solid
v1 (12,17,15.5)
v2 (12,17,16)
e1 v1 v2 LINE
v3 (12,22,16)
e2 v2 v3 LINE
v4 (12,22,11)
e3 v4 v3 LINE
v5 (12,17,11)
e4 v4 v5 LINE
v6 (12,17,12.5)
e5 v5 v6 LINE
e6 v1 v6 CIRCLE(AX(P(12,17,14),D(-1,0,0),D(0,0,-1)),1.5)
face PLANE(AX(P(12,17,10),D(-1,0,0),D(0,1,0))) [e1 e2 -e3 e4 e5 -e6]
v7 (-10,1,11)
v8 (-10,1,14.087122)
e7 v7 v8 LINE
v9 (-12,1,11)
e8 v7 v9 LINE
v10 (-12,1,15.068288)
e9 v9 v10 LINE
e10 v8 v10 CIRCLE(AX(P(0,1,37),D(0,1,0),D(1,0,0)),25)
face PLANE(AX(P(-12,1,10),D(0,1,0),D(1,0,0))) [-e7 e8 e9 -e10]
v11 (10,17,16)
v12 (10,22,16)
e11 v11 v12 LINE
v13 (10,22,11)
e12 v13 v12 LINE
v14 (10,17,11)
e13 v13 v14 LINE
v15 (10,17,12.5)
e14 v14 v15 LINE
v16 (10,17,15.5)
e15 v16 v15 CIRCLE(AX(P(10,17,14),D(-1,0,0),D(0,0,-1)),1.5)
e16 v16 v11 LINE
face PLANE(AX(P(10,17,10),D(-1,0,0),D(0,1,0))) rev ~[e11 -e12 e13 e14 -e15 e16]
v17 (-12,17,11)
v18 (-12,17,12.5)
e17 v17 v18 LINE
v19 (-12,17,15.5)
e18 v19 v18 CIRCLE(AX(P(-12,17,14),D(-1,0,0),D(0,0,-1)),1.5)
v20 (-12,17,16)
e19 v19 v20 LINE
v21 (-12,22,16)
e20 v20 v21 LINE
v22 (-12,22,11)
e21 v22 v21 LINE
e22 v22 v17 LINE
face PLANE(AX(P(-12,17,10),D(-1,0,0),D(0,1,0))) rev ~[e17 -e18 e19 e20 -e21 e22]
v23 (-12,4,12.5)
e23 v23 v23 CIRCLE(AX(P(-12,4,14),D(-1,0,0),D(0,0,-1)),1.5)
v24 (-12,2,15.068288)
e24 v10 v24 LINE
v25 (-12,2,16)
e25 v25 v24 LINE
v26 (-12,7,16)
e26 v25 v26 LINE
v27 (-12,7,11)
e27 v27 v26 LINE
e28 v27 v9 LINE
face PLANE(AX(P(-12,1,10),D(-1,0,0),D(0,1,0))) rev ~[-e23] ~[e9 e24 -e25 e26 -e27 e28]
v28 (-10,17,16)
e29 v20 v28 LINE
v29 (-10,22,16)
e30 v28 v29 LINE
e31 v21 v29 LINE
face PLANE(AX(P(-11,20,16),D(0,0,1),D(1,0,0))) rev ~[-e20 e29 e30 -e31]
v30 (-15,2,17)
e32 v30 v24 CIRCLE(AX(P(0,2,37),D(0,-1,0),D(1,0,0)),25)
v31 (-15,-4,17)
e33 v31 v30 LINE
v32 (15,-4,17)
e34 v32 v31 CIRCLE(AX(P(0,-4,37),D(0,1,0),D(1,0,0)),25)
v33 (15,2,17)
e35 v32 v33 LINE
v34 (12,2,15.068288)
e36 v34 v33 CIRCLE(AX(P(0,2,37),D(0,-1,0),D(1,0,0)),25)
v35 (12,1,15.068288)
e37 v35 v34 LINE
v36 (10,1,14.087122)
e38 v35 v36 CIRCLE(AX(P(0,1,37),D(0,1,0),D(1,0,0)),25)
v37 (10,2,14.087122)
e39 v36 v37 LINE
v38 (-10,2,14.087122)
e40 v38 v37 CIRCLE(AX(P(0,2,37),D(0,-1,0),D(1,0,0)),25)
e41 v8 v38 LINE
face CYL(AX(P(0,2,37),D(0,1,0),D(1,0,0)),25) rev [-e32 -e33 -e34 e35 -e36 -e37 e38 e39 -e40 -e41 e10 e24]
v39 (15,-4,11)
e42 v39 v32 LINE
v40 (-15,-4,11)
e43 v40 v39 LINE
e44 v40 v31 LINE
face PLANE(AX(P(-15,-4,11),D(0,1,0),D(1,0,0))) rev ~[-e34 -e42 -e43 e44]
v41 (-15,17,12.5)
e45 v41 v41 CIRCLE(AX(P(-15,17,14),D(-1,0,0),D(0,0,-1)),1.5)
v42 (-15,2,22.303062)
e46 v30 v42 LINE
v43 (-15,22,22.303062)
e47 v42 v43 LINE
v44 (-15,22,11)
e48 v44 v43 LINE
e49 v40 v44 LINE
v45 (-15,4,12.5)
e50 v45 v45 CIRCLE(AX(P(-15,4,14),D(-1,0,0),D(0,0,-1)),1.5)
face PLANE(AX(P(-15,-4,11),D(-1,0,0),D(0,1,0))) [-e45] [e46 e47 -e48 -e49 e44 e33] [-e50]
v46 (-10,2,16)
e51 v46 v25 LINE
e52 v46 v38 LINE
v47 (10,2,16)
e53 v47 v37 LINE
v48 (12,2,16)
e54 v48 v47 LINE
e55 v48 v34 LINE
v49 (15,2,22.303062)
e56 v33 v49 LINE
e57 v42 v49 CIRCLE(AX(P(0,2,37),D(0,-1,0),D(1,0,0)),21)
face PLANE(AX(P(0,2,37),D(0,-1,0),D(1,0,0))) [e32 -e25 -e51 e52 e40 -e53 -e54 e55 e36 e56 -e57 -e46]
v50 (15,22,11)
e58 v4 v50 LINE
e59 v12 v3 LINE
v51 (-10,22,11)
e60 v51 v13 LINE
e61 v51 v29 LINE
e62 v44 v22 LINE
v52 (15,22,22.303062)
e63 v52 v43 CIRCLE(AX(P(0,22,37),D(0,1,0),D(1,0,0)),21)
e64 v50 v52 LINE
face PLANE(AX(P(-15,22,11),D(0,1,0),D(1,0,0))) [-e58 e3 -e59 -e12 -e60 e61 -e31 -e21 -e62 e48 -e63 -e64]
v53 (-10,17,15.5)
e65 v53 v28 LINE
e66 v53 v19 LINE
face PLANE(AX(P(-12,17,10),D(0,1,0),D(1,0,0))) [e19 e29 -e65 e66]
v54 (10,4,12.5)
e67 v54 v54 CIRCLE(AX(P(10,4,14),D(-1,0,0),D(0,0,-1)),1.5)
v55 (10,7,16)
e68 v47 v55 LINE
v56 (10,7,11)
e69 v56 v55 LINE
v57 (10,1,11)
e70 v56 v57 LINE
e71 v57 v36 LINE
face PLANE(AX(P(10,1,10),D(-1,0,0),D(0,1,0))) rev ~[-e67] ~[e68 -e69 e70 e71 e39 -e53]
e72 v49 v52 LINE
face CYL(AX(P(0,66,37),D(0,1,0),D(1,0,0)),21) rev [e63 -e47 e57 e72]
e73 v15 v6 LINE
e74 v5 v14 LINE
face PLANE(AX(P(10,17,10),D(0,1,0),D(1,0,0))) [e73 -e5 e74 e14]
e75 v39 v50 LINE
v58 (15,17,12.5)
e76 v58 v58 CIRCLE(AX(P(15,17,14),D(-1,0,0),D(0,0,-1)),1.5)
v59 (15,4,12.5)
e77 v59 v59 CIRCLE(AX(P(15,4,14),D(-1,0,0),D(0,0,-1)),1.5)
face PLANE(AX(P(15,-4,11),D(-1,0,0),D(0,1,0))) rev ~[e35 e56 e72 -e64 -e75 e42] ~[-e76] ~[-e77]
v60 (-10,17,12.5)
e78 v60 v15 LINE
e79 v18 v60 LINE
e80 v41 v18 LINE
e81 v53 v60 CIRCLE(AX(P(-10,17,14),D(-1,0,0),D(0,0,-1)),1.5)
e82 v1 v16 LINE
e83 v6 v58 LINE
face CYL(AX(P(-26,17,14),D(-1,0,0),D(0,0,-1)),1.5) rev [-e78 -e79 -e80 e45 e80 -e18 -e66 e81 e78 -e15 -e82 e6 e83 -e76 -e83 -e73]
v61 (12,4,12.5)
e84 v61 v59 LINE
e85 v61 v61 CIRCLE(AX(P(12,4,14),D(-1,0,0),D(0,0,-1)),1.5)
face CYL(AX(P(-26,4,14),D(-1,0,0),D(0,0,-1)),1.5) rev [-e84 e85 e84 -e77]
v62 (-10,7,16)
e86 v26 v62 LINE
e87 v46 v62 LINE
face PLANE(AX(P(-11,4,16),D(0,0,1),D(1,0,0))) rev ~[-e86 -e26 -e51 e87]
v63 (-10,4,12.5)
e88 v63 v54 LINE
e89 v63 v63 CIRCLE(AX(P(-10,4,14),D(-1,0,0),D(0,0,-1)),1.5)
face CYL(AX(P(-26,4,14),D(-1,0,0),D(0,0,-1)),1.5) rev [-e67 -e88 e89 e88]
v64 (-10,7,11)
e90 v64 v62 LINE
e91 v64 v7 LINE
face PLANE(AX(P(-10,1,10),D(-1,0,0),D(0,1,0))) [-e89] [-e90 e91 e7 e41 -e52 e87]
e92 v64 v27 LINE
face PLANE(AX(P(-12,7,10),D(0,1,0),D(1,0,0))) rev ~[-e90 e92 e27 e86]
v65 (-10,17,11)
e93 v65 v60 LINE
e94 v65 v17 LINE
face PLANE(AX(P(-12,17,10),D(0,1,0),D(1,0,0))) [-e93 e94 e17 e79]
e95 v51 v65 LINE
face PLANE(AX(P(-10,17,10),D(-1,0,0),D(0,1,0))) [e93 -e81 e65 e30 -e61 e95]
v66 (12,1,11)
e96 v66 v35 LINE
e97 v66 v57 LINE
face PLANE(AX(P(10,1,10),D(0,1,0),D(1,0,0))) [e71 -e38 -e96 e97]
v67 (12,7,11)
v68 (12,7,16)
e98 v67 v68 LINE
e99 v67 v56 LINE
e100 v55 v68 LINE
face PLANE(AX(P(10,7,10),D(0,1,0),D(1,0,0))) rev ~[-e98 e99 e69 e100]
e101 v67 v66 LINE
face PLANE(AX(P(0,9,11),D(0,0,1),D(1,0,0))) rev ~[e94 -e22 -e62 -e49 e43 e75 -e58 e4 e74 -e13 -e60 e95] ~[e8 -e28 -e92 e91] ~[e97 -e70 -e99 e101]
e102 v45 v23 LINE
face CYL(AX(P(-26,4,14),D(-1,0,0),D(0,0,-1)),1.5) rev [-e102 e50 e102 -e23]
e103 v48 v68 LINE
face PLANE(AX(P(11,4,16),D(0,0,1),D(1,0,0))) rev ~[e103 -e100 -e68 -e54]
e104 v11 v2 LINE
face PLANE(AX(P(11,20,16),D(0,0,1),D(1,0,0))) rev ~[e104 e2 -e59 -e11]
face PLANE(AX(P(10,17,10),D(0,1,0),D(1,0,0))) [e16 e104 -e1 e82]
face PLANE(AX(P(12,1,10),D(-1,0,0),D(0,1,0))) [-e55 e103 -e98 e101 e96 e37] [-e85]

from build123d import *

# Parameters (mm, degrees)
CYLINDER2797_R     = 1.5
CYLINDER2797_DEPTH = 64
CYLINDER2798_R     = 1.5
CYLINDER2798_DEPTH = 64
CYLINDER2796_R     = 38
CYLINDER2796_DEPTH = 30
BOX999_W           = 2
BOX999_H           = 6
BOX999_DEPTH       = 6
BOX992_W           = 2
BOX992_H           = 6
BOX992_DEPTH       = 6
BOX993_W           = 2
BOX993_H           = 6
BOX993_DEPTH       = 6
BOX994_W           = 2
BOX994_H           = 6
BOX994_DEPTH       = 6
BOX995_W           = 2
BOX995_H           = 6
BOX995_DEPTH       = 6
BOX997_W           = 2
BOX997_H           = 6
BOX997_DEPTH       = 6
TUBE142_R          = 21
TUBE142_R_2        = 2
TUBE142_DEPTH      = 64
TUBE141_R          = 25
TUBE141_R_2        = 2
TUBE141_DEPTH      = 26
BOX996_W           = 30
BOX996_H           = 64
BOX996_DEPTH       = 18
BOX998_W           = 30
BOX998_H           = 26
BOX998_DEPTH       = 18


with BuildPart() as v_lec2767:
    # Cylinder2797 → Cylinder2797 (new body)
    with BuildSketch(Plane(origin=(-26, 12, 14), x_dir=(0, 0, -1), z_dir=(1, 0, 0))):
        Circle(CYLINDER2797_R)
    extrude(amount=CYLINDER2797_DEPTH)


with BuildPart() as compound1247:
    # Cylinder2798 → Cylinder2798 (new body)
    with BuildSketch(Plane(origin=(-26, -1, 14), x_dir=(0, 0, -1), z_dir=(1, 0, 0))):
        Circle(CYLINDER2798_R)
    extrude(amount=CYLINDER2798_DEPTH)

    # Compound1247: union Válec2767
    add(v_lec2767.part)


with BuildPart() as v_lec2766:
    # Cylinder2796 → Cylinder2796 (new body)
    with BuildSketch(Plane.XY):
        Circle(CYLINDER2796_R)
    extrude(amount=CYLINDER2796_DEPTH)


with BuildPart() as krychle998:
    # Box999 → Box999 (new body)
    with BuildSketch(Plane(origin=(-12, -4, 10), x_dir=(1, 0, 0), z_dir=(0, 0, 1))):
        with Locations((1, 3)):
            Rectangle(BOX999_W, BOX999_H)
    extrude(amount=BOX999_DEPTH)


with BuildPart() as krychle991:
    # Box992 → Box992 (new body)
    with BuildSketch(Plane(origin=(10, 26, 10), x_dir=(1, 0, 0), z_dir=(0, 0, 1))):
        with Locations((1, 3)):
            Rectangle(BOX992_W, BOX992_H)
    extrude(amount=BOX992_DEPTH)


with BuildPart() as krychle992:
    # Box993 → Box993 (new body)
    with BuildSketch(Plane(origin=(-12, 26, 10), x_dir=(1, 0, 0), z_dir=(0, 0, 1))):
        with Locations((1, 3)):
            Rectangle(BOX993_W, BOX993_H)
    extrude(amount=BOX993_DEPTH)


with BuildPart() as krychle993:
    # Box994 → Box994 (new body)
    with BuildSketch(Plane(origin=(10, 12, 10), x_dir=(1, 0, 0), z_dir=(0, 0, 1))):
        with Locations((1, 3)):
            Rectangle(BOX994_W, BOX994_H)
    extrude(amount=BOX994_DEPTH)


with BuildPart() as krychle994:
    # Box995 → Box995 (new body)
    with BuildSketch(Plane(origin=(-12, 12, 10), x_dir=(1, 0, 0), z_dir=(0, 0, 1))):
        with Locations((1, 3)):
            Rectangle(BOX995_W, BOX995_H)
    extrude(amount=BOX995_DEPTH)


with BuildPart() as compound1246:
    # Box997 → Box997 (new body)
    with BuildSketch(Plane(origin=(10, -4, 10), x_dir=(1, 0, 0), z_dir=(0, 0, 1))):
        with Locations((1, 3)):
            Rectangle(BOX997_W, BOX997_H)
    extrude(amount=BOX997_DEPTH)

    # Compound1246: union Krychle998, Krychle991, Krychle992, Krychle993, Krychle994
    add(krychle998.part)
    add(krychle991.part)
    add(krychle992.part)
    add(krychle993.part)
    add(krychle994.part)


with BuildPart() as tube142:
    # Tube142 → Tube142 (new body)
    with BuildSketch(Plane(origin=(0, 61, 37), x_dir=(1, 0, 0), z_dir=(0, -1, 0))):
        Circle(TUBE142_R)
        Circle(TUBE142_R_2, mode=Mode.SUBTRACT)
    extrude(amount=TUBE142_DEPTH)


with BuildPart() as tube141:
    # Tube141 → Tube141 (new body)
    with BuildSketch(Plane(origin=(0, -3, 37), x_dir=(1, 0, 0), z_dir=(0, -1, 0))):
        Circle(TUBE141_R)
        Circle(TUBE141_R_2, mode=Mode.SUBTRACT)
    extrude(amount=TUBE141_DEPTH)


with BuildPart() as common011:
    # Box996 → Box996 (new body)
    with BuildSketch(Plane(origin=(-15, -17, 11), x_dir=(1, 0, 0), z_dir=(0, 0, 1))):
        with Locations((15, 32)):
            Rectangle(BOX996_W, BOX996_H)
    extrude(amount=BOX996_DEPTH)

    # Cut1057: cut Tube141
    add(tube141.part, mode=Mode.SUBTRACT)

    # Cut1058: cut Tube142
    add(tube142.part, mode=Mode.SUBTRACT)

    # Cut1059: cut Compound1246
    add(compound1246.part, mode=Mode.SUBTRACT)

    # Common011: intersect Válec2766
    add(v_lec2766.part, mode=Mode.INTERSECT)


with BuildPart() as cut1060:
    # Box998 → Box998 (new body)
    with BuildSketch(Plane(origin=(-15, -9, 11), x_dir=(1, 0, 0), z_dir=(0, 0, 1))):
        with Locations((15, 13)):
            Rectangle(BOX998_W, BOX998_H)
    extrude(amount=BOX998_DEPTH)

    # Common012: intersect Common011
    add(common011.part, mode=Mode.INTERSECT)

    # Cut1060: cut Compound1247
    add(compound1247.part, mode=Mode.SUBTRACT)


with BuildPart() as cut1060_1:
    # Cut1060 placement: moved
    add(cut1060.part.moved(Location((0, 5, 0))))


solid = cut1060_1.part
